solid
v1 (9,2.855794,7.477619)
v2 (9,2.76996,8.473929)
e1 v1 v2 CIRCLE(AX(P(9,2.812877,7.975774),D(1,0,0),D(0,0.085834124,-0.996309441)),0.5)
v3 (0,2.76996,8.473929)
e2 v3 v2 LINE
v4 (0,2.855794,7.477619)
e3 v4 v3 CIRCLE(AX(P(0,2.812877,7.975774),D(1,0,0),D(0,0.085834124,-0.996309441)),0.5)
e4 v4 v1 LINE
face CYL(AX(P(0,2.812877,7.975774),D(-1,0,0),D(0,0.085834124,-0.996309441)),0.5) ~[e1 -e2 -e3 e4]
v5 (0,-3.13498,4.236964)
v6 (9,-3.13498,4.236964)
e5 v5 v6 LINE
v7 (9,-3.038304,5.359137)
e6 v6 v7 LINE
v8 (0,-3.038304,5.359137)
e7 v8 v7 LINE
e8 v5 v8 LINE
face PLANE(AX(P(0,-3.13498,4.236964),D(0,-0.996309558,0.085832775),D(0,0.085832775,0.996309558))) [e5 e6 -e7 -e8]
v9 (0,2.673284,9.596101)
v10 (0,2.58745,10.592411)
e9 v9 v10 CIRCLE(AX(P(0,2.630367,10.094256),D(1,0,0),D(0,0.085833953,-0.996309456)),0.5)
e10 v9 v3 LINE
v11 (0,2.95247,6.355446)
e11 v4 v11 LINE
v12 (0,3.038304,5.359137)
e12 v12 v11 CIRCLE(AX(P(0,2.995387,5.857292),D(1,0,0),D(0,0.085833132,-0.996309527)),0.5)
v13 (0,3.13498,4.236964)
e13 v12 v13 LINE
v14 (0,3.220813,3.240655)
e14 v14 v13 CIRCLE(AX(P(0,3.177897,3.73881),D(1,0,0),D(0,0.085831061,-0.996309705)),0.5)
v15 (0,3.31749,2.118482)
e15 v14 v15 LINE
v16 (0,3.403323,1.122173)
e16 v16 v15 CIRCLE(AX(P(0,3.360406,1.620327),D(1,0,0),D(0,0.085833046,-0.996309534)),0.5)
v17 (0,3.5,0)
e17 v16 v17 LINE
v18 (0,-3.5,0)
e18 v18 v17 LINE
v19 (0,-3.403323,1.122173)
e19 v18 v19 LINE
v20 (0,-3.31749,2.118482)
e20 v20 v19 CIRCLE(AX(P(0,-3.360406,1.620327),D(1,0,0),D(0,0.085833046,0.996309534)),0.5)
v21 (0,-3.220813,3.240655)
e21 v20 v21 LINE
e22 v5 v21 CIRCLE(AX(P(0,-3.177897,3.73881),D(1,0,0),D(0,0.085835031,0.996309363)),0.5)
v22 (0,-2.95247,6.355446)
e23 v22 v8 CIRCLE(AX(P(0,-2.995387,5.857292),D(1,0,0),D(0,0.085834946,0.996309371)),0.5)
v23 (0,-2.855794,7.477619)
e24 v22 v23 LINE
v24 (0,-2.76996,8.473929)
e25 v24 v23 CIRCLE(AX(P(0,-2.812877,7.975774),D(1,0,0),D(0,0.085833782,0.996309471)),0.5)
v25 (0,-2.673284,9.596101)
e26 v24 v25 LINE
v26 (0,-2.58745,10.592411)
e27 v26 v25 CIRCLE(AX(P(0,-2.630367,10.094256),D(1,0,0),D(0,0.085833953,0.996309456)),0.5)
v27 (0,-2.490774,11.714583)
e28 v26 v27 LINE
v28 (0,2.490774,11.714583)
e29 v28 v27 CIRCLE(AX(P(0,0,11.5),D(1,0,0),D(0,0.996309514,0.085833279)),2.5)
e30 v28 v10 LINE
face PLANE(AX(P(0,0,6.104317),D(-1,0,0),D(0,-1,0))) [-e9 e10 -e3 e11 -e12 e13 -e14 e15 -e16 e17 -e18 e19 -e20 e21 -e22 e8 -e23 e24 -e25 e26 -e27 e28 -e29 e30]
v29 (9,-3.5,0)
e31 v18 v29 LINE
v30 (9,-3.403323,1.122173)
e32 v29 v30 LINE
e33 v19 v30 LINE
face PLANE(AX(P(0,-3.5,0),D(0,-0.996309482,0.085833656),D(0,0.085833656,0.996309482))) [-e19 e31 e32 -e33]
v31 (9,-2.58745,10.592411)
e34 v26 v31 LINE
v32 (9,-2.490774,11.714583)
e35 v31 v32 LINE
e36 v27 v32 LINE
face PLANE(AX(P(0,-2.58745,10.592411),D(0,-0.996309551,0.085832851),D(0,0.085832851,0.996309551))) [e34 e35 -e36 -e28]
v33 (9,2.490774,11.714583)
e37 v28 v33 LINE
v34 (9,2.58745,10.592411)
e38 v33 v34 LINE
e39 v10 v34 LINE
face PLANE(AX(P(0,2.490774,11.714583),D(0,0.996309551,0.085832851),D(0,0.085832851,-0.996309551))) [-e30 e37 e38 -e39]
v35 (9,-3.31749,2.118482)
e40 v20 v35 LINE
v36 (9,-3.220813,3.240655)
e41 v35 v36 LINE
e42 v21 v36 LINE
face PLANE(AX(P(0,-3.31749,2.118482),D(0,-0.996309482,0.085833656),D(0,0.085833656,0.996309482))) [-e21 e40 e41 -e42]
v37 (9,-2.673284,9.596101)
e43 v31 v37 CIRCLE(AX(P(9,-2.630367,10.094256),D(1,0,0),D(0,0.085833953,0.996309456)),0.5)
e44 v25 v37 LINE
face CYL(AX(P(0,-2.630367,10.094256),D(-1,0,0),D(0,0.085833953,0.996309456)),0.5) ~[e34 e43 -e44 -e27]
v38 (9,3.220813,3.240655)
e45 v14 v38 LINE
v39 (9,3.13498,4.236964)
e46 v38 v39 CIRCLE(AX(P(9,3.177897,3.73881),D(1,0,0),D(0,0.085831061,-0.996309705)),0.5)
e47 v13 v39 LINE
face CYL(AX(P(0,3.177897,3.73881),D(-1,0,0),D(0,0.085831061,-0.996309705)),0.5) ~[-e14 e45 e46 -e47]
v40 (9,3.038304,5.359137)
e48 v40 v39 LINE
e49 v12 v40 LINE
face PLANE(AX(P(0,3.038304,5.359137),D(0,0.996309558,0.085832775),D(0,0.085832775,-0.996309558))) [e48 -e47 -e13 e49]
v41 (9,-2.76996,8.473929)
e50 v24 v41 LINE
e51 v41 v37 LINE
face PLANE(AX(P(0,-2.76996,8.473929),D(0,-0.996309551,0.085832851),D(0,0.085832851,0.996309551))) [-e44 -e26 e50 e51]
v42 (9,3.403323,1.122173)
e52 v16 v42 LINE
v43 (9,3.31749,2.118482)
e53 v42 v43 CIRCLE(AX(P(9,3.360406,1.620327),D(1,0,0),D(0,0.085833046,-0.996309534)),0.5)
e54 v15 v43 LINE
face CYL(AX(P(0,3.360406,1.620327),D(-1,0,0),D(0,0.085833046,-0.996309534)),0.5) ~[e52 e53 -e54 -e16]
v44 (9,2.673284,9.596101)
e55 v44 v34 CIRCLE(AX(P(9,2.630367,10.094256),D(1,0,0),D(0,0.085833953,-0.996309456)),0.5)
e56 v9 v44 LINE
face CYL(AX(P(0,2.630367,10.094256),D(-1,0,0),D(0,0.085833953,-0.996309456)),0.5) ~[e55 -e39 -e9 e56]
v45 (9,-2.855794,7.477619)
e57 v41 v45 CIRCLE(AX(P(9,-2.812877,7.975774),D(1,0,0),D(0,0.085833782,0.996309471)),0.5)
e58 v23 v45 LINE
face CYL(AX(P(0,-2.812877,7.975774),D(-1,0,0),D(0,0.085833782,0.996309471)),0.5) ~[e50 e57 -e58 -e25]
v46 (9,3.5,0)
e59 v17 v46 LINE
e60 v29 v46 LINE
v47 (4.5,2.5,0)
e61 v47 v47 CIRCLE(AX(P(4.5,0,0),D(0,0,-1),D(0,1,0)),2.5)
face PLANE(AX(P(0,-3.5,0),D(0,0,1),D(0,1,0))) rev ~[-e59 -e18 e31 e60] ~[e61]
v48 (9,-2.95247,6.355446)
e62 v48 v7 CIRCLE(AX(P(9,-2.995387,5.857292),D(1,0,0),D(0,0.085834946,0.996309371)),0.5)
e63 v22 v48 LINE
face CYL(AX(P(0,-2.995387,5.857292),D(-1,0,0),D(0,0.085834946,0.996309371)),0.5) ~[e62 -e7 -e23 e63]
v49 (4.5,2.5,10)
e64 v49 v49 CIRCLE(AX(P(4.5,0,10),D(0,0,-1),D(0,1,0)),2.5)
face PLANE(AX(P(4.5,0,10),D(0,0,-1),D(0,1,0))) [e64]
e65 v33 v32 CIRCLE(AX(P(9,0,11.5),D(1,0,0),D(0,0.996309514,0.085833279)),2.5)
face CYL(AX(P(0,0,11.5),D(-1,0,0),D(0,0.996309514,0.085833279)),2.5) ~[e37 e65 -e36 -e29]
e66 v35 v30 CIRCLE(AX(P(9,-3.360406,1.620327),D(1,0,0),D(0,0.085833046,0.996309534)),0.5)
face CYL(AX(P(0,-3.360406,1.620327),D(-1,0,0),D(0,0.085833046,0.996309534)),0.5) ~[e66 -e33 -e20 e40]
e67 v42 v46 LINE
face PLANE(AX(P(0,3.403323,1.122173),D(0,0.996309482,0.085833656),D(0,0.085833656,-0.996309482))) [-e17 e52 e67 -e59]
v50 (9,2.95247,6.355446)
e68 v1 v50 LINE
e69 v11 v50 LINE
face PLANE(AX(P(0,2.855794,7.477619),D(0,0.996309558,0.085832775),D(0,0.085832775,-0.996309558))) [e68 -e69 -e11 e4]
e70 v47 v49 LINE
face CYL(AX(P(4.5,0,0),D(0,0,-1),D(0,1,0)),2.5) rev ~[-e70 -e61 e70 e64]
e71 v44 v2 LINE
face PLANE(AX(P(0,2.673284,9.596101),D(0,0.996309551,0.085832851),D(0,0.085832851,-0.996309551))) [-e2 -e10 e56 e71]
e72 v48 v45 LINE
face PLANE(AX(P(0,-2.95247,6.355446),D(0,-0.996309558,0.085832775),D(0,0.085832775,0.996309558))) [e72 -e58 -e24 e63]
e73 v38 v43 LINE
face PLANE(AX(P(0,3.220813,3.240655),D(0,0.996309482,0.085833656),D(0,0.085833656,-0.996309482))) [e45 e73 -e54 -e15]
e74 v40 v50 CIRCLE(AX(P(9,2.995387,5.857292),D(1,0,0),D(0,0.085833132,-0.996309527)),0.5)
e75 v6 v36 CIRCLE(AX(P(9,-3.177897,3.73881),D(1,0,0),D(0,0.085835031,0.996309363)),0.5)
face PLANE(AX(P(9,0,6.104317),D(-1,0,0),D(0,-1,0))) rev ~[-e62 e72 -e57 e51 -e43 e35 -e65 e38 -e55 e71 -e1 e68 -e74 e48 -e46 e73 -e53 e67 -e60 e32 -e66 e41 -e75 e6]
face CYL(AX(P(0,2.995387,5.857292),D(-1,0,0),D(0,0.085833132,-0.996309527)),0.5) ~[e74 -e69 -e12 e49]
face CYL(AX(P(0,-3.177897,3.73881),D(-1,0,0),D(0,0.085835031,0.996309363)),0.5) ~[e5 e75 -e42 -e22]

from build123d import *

# Parameters (mm, degrees)
PAD_DEPTH    = 9
SKETCH001_R  = 2.5
POCKET_DEPTH = 10


with BuildPart() as part:
    # Sketch → Pad (new body)
    with BuildSketch(Plane.YZ):
        with BuildLine():
            Line((-3.5, 0), (-3.403323, 1.122173))
            ThreePointArc((-3.31749, 2.118482), (-3.858561, 1.663244), (-3.403323, 1.122173))
            Line((-3.31749, 2.118482), (-3.220813, 3.240655))
            ThreePointArc((-3.13498, 4.236964), (-3.676052, 3.781726), (-3.220813, 3.240655))
            Line((-3.13498, 4.236964), (-3.038304, 5.359137))
            ThreePointArc((-2.95247, 6.355446), (-3.493542, 5.900208), (-3.038304, 5.359137))
            Line((-2.95247, 6.355446), (-2.855794, 7.477619))
            ThreePointArc((-2.76996, 8.473929), (-3.311032, 8.01869), (-2.855794, 7.477619))
            Line((-2.76996, 8.473929), (-2.673284, 9.596101))
            ThreePointArc((-2.58745, 10.592411), (-3.128522, 10.137173), (-2.673284, 9.596101))
            Line((-2.58745, 10.592411), (-2.490774, 11.714583))
            ThreePointArc((2.490774, 11.714583), (0, 14), (-2.490774, 11.714583))
            Line((2.490774, 11.714583), (2.58745, 10.592411))
            ThreePointArc((2.673284, 9.596101), (3.128522, 10.137173), (2.58745, 10.592411))
            Line((2.673284, 9.596101), (2.76996, 8.473929))
            ThreePointArc((2.855794, 7.477619), (3.311032, 8.01869), (2.76996, 8.473929))
            Line((2.855794, 7.477619), (2.95247, 6.355446))
            ThreePointArc((3.038304, 5.359137), (3.493542, 5.900208), (2.95247, 6.355446))
            Line((3.038304, 5.359137), (3.13498, 4.236964))
            ThreePointArc((3.220813, 3.240655), (3.676052, 3.781726), (3.13498, 4.236964))
            Line((3.220813, 3.240655), (3.31749, 2.118482))
            ThreePointArc((3.403323, 1.122173), (3.858561, 1.663244), (3.31749, 2.118482))
            Line((3.403323, 1.122173), (3.5, 0))
            Line((-3.5, 0), (3.5, 0))
        make_face()
    extrude(amount=PAD_DEPTH)

    # Sketch001 → Pocket (cut)
    with BuildSketch(Plane.YX):
        with Locations((0, 4.5)):
            Circle(SKETCH001_R)
    extrude(amount=-POCKET_DEPTH, mode=Mode.SUBTRACT)


solid = part.part
